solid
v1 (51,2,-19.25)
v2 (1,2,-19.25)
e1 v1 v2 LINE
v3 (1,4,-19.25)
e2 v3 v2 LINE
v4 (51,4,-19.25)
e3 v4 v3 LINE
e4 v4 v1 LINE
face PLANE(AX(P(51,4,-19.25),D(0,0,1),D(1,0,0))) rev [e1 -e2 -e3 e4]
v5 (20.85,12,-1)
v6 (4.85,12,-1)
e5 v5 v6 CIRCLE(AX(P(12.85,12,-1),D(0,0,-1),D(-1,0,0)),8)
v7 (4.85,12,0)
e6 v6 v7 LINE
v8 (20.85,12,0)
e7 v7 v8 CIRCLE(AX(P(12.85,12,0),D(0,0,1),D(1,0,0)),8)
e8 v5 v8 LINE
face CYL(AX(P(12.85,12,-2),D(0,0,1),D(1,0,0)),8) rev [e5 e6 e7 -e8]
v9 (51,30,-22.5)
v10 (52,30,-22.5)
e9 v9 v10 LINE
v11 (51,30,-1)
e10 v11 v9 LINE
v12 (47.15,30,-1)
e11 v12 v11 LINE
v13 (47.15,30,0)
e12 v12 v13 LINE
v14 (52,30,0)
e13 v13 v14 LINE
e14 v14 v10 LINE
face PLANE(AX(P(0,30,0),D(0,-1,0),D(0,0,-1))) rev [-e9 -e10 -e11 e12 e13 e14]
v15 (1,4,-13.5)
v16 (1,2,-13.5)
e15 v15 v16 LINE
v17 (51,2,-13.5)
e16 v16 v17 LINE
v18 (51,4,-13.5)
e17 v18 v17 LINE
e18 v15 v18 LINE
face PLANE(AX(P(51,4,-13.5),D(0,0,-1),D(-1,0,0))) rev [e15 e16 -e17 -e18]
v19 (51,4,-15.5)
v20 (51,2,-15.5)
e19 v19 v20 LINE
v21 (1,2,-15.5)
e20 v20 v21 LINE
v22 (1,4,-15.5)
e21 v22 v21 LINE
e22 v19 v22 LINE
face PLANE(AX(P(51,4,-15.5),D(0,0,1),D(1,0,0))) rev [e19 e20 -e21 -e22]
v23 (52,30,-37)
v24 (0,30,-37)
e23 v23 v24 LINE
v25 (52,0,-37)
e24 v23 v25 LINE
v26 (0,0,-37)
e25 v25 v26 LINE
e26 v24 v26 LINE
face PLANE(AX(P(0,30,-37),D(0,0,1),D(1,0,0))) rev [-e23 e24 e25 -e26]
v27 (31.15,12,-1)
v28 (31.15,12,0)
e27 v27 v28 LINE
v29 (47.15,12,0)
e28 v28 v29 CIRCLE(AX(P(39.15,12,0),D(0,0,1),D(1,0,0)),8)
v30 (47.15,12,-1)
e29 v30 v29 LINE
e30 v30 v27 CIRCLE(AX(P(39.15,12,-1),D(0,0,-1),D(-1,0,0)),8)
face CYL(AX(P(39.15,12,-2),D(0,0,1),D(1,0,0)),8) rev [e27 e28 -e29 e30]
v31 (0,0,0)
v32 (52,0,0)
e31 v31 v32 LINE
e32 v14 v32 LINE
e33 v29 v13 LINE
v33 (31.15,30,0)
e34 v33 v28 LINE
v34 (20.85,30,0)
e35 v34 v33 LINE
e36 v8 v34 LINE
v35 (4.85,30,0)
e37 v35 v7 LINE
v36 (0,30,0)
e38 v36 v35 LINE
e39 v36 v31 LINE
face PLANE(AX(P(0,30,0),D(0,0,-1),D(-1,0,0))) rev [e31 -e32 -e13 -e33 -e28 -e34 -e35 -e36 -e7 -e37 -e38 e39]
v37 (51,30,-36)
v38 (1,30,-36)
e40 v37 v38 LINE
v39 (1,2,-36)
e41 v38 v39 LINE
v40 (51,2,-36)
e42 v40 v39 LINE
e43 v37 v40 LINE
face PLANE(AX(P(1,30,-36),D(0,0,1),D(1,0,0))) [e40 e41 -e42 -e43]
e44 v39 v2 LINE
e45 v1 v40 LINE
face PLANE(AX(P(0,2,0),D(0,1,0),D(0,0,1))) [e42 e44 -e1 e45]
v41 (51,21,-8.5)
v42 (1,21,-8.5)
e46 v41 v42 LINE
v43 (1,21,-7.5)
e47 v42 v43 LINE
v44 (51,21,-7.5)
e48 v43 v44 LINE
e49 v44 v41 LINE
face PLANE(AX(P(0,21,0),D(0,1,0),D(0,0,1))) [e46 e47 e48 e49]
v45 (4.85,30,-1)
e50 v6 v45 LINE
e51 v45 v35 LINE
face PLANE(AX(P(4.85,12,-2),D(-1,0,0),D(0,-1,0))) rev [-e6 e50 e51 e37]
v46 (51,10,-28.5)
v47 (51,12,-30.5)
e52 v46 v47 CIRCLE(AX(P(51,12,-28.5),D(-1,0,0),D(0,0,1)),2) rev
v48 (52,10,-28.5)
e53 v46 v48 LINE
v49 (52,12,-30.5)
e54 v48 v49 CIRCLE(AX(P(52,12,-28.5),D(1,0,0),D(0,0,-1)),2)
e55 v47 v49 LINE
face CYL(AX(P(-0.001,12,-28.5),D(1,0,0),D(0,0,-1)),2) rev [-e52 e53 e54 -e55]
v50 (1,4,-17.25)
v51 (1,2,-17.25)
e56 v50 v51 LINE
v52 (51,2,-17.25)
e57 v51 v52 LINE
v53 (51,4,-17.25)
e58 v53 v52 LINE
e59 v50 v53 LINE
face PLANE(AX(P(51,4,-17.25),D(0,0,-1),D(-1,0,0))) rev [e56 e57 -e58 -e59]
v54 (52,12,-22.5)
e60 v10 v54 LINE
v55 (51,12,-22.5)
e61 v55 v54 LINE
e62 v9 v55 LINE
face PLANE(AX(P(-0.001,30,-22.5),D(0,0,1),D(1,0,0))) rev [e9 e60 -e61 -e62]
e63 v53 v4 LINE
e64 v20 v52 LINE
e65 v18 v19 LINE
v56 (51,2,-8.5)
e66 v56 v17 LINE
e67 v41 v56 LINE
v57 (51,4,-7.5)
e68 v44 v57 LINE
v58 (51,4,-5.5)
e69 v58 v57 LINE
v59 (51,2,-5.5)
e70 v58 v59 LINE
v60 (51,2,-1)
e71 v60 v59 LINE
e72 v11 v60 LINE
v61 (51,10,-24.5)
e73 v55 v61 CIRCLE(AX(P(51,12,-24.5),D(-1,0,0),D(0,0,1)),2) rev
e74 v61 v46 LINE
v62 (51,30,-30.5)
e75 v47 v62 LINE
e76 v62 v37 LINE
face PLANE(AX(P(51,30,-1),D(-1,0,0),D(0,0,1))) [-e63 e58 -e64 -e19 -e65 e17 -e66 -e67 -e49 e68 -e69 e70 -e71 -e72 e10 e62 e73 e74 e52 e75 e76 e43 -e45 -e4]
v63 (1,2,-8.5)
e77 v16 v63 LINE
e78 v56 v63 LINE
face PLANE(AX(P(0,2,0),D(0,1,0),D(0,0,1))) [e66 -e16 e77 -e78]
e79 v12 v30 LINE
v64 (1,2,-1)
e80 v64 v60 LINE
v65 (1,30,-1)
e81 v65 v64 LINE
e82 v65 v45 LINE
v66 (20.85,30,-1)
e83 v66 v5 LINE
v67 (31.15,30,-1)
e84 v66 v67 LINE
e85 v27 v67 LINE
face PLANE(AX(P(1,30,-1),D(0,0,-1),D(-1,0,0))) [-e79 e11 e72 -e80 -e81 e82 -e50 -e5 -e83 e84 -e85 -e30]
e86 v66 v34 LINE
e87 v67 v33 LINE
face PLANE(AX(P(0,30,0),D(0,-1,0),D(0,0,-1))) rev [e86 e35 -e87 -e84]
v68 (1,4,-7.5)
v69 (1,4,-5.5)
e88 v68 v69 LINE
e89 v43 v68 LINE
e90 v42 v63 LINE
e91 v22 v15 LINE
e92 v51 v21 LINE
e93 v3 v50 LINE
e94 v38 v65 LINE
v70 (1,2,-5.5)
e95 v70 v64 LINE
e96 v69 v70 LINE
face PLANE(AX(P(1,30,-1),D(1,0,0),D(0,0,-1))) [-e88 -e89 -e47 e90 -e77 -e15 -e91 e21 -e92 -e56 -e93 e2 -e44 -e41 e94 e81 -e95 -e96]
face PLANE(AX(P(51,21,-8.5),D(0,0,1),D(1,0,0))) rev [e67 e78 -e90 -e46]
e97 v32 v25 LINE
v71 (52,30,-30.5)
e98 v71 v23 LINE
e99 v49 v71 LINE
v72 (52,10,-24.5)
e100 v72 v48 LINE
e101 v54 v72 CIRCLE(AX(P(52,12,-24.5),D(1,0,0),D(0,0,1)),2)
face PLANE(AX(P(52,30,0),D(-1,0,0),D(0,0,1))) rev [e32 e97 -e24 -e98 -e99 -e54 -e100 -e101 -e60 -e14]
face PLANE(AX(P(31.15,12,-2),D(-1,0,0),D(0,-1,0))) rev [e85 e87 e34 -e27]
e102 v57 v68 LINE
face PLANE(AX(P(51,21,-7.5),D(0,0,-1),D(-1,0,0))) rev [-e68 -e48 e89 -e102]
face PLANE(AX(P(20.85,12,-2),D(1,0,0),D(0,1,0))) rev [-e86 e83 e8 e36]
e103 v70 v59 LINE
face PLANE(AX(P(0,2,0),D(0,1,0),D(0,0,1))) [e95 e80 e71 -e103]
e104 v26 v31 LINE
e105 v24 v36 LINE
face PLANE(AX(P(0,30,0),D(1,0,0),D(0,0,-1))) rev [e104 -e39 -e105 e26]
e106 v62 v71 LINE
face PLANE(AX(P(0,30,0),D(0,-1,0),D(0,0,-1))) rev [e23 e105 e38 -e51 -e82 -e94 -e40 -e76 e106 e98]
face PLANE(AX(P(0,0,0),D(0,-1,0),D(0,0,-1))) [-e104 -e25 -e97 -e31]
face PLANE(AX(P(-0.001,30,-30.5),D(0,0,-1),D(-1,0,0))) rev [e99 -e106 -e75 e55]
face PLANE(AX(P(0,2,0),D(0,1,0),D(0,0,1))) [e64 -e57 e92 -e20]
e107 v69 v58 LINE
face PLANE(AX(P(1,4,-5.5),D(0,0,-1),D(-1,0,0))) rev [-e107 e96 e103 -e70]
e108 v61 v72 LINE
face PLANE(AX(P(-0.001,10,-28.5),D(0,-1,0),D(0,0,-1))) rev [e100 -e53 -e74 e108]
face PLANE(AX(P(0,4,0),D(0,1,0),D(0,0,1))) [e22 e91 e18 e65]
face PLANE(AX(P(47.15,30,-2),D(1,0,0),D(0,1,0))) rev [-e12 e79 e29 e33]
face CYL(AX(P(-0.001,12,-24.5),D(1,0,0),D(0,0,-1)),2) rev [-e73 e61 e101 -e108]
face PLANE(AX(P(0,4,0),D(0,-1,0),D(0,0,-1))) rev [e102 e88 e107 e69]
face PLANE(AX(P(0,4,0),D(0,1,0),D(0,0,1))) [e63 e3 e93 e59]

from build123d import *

# Parameters (mm, degrees)
SKETCH1_W           = 52
SKETCH1_H           = 37
SKETCH1_W_2         = 50
SKETCH1_H_2         = 35
BOSS_EXTRUDE1_DEPTH = 30
SKETCH2_W           = 52
SKETCH2_H           = 37
BOSS_EXTRUDE2_DEPTH = 2
CUT_EXTRUDE1_DEPTH  = 2
SKETCH4_W           = 50
SKETCH4_H           = 2
BOSS_EXTRUDE3_DEPTH = 2
CUT_EXTRUDE2_REACH  = 54
SKETCH7_W           = 50
SKETCH7_H           = 1
BOSS_EXTRUDE4_DEPTH = 19


with BuildPart() as part:
    # Sketch1 → Boss-Extrude1 (new body)
    with BuildSketch(Plane(origin=(0, 0, 0), x_dir=(1, 0, 0), z_dir=(0, 1, 0))):
        with Locations((26, 18.5)):
            Rectangle(SKETCH1_W, SKETCH1_H)
        with Locations((26, 18.5)):
            Rectangle(SKETCH1_W_2, SKETCH1_H_2, mode=Mode.SUBTRACT)
    extrude(amount=BOSS_EXTRUDE1_DEPTH)

    # Sketch2 → Boss-Extrude2 (add)
    with BuildSketch(Plane(origin=(0, 0, 0), x_dir=(1, 0, 0), z_dir=(0, 1, 0))):
        with Locations((26, 18.5)):
            Rectangle(SKETCH2_W, SKETCH2_H)
    extrude(amount=BOSS_EXTRUDE2_DEPTH)

    # Sketch3 → Cut-Extrude1 (cut)
    with BuildSketch(Plane.XY):
        with BuildLine():
            Line((4.85, 12), (4.85, 30))
            Line((4.85, 30), (20.85, 30))
            Line((20.85, 30), (20.85, 12))
            ThreePointArc((20.85, 12), (12.85, 4), (4.85, 12))
        make_face()
        with BuildLine():
            Line((31.15, 12), (31.15, 30))
            Line((31.15, 30), (47.15, 30))
            Line((47.15, 30), (47.15, 12))
            ThreePointArc((47.15, 12), (39.15, 4), (31.15, 12))
        make_face()
    extrude(amount=-CUT_EXTRUDE1_DEPTH, mode=Mode.SUBTRACT)

    # Sketch4 → Boss-Extrude3 (add)
    with BuildSketch(Plane(origin=(0, 2, 0), x_dir=(1, 0, 0), z_dir=(0, 1, 0))):
        with Locations((26, 6.5)):
            Rectangle(SKETCH4_W, SKETCH4_H)
        with Locations((26, 14.5)):
            Rectangle(SKETCH4_W, SKETCH4_H)
        with Locations((26, 18.25)):
            Rectangle(SKETCH4_W, SKETCH4_H)
    extrude(amount=BOSS_EXTRUDE3_DEPTH)

    # Sketch5 → Cut-Extrude2 (cut, up to next)
    with BuildSketch(Plane(origin=(52, 0, 0), x_dir=(0, 0, -1), z_dir=(1, 0, 0)), mode=Mode.PRIVATE) as cut_extrude2_sk1:
        with BuildLine():
            Line((30.5, 30), (22.5, 30))
            Line((22.5, 30), (22.5, 12))
            ThreePointArc((22.5, 12), (23.085786438, 10.585786438), (24.5, 10))
            Line((24.5, 10), (28.5, 10))
            ThreePointArc((28.5, 10), (29.914213562, 10.585786438), (30.5, 12))
            Line((30.5, 12), (30.5, 30))
        make_face()
    cut_extrude2_tool1 = extrude(cut_extrude2_sk1.sketch, amount=-CUT_EXTRUDE2_REACH, mode=Mode.PRIVATE) & part.part
    add(cut_extrude2_tool1.solids().sort_by_distance((52, 20.103619, -26.5))[0], mode=Mode.SUBTRACT)

    # Sketch7 → Boss-Extrude4 (add)
    with BuildSketch(Plane(origin=(0, 2, 0), x_dir=(1, 0, 0), z_dir=(0, 1, 0))):
        with Locations((26, 8)):
            Rectangle(SKETCH7_W, SKETCH7_H)
    extrude(amount=BOSS_EXTRUDE4_DEPTH)


solid = part.part
